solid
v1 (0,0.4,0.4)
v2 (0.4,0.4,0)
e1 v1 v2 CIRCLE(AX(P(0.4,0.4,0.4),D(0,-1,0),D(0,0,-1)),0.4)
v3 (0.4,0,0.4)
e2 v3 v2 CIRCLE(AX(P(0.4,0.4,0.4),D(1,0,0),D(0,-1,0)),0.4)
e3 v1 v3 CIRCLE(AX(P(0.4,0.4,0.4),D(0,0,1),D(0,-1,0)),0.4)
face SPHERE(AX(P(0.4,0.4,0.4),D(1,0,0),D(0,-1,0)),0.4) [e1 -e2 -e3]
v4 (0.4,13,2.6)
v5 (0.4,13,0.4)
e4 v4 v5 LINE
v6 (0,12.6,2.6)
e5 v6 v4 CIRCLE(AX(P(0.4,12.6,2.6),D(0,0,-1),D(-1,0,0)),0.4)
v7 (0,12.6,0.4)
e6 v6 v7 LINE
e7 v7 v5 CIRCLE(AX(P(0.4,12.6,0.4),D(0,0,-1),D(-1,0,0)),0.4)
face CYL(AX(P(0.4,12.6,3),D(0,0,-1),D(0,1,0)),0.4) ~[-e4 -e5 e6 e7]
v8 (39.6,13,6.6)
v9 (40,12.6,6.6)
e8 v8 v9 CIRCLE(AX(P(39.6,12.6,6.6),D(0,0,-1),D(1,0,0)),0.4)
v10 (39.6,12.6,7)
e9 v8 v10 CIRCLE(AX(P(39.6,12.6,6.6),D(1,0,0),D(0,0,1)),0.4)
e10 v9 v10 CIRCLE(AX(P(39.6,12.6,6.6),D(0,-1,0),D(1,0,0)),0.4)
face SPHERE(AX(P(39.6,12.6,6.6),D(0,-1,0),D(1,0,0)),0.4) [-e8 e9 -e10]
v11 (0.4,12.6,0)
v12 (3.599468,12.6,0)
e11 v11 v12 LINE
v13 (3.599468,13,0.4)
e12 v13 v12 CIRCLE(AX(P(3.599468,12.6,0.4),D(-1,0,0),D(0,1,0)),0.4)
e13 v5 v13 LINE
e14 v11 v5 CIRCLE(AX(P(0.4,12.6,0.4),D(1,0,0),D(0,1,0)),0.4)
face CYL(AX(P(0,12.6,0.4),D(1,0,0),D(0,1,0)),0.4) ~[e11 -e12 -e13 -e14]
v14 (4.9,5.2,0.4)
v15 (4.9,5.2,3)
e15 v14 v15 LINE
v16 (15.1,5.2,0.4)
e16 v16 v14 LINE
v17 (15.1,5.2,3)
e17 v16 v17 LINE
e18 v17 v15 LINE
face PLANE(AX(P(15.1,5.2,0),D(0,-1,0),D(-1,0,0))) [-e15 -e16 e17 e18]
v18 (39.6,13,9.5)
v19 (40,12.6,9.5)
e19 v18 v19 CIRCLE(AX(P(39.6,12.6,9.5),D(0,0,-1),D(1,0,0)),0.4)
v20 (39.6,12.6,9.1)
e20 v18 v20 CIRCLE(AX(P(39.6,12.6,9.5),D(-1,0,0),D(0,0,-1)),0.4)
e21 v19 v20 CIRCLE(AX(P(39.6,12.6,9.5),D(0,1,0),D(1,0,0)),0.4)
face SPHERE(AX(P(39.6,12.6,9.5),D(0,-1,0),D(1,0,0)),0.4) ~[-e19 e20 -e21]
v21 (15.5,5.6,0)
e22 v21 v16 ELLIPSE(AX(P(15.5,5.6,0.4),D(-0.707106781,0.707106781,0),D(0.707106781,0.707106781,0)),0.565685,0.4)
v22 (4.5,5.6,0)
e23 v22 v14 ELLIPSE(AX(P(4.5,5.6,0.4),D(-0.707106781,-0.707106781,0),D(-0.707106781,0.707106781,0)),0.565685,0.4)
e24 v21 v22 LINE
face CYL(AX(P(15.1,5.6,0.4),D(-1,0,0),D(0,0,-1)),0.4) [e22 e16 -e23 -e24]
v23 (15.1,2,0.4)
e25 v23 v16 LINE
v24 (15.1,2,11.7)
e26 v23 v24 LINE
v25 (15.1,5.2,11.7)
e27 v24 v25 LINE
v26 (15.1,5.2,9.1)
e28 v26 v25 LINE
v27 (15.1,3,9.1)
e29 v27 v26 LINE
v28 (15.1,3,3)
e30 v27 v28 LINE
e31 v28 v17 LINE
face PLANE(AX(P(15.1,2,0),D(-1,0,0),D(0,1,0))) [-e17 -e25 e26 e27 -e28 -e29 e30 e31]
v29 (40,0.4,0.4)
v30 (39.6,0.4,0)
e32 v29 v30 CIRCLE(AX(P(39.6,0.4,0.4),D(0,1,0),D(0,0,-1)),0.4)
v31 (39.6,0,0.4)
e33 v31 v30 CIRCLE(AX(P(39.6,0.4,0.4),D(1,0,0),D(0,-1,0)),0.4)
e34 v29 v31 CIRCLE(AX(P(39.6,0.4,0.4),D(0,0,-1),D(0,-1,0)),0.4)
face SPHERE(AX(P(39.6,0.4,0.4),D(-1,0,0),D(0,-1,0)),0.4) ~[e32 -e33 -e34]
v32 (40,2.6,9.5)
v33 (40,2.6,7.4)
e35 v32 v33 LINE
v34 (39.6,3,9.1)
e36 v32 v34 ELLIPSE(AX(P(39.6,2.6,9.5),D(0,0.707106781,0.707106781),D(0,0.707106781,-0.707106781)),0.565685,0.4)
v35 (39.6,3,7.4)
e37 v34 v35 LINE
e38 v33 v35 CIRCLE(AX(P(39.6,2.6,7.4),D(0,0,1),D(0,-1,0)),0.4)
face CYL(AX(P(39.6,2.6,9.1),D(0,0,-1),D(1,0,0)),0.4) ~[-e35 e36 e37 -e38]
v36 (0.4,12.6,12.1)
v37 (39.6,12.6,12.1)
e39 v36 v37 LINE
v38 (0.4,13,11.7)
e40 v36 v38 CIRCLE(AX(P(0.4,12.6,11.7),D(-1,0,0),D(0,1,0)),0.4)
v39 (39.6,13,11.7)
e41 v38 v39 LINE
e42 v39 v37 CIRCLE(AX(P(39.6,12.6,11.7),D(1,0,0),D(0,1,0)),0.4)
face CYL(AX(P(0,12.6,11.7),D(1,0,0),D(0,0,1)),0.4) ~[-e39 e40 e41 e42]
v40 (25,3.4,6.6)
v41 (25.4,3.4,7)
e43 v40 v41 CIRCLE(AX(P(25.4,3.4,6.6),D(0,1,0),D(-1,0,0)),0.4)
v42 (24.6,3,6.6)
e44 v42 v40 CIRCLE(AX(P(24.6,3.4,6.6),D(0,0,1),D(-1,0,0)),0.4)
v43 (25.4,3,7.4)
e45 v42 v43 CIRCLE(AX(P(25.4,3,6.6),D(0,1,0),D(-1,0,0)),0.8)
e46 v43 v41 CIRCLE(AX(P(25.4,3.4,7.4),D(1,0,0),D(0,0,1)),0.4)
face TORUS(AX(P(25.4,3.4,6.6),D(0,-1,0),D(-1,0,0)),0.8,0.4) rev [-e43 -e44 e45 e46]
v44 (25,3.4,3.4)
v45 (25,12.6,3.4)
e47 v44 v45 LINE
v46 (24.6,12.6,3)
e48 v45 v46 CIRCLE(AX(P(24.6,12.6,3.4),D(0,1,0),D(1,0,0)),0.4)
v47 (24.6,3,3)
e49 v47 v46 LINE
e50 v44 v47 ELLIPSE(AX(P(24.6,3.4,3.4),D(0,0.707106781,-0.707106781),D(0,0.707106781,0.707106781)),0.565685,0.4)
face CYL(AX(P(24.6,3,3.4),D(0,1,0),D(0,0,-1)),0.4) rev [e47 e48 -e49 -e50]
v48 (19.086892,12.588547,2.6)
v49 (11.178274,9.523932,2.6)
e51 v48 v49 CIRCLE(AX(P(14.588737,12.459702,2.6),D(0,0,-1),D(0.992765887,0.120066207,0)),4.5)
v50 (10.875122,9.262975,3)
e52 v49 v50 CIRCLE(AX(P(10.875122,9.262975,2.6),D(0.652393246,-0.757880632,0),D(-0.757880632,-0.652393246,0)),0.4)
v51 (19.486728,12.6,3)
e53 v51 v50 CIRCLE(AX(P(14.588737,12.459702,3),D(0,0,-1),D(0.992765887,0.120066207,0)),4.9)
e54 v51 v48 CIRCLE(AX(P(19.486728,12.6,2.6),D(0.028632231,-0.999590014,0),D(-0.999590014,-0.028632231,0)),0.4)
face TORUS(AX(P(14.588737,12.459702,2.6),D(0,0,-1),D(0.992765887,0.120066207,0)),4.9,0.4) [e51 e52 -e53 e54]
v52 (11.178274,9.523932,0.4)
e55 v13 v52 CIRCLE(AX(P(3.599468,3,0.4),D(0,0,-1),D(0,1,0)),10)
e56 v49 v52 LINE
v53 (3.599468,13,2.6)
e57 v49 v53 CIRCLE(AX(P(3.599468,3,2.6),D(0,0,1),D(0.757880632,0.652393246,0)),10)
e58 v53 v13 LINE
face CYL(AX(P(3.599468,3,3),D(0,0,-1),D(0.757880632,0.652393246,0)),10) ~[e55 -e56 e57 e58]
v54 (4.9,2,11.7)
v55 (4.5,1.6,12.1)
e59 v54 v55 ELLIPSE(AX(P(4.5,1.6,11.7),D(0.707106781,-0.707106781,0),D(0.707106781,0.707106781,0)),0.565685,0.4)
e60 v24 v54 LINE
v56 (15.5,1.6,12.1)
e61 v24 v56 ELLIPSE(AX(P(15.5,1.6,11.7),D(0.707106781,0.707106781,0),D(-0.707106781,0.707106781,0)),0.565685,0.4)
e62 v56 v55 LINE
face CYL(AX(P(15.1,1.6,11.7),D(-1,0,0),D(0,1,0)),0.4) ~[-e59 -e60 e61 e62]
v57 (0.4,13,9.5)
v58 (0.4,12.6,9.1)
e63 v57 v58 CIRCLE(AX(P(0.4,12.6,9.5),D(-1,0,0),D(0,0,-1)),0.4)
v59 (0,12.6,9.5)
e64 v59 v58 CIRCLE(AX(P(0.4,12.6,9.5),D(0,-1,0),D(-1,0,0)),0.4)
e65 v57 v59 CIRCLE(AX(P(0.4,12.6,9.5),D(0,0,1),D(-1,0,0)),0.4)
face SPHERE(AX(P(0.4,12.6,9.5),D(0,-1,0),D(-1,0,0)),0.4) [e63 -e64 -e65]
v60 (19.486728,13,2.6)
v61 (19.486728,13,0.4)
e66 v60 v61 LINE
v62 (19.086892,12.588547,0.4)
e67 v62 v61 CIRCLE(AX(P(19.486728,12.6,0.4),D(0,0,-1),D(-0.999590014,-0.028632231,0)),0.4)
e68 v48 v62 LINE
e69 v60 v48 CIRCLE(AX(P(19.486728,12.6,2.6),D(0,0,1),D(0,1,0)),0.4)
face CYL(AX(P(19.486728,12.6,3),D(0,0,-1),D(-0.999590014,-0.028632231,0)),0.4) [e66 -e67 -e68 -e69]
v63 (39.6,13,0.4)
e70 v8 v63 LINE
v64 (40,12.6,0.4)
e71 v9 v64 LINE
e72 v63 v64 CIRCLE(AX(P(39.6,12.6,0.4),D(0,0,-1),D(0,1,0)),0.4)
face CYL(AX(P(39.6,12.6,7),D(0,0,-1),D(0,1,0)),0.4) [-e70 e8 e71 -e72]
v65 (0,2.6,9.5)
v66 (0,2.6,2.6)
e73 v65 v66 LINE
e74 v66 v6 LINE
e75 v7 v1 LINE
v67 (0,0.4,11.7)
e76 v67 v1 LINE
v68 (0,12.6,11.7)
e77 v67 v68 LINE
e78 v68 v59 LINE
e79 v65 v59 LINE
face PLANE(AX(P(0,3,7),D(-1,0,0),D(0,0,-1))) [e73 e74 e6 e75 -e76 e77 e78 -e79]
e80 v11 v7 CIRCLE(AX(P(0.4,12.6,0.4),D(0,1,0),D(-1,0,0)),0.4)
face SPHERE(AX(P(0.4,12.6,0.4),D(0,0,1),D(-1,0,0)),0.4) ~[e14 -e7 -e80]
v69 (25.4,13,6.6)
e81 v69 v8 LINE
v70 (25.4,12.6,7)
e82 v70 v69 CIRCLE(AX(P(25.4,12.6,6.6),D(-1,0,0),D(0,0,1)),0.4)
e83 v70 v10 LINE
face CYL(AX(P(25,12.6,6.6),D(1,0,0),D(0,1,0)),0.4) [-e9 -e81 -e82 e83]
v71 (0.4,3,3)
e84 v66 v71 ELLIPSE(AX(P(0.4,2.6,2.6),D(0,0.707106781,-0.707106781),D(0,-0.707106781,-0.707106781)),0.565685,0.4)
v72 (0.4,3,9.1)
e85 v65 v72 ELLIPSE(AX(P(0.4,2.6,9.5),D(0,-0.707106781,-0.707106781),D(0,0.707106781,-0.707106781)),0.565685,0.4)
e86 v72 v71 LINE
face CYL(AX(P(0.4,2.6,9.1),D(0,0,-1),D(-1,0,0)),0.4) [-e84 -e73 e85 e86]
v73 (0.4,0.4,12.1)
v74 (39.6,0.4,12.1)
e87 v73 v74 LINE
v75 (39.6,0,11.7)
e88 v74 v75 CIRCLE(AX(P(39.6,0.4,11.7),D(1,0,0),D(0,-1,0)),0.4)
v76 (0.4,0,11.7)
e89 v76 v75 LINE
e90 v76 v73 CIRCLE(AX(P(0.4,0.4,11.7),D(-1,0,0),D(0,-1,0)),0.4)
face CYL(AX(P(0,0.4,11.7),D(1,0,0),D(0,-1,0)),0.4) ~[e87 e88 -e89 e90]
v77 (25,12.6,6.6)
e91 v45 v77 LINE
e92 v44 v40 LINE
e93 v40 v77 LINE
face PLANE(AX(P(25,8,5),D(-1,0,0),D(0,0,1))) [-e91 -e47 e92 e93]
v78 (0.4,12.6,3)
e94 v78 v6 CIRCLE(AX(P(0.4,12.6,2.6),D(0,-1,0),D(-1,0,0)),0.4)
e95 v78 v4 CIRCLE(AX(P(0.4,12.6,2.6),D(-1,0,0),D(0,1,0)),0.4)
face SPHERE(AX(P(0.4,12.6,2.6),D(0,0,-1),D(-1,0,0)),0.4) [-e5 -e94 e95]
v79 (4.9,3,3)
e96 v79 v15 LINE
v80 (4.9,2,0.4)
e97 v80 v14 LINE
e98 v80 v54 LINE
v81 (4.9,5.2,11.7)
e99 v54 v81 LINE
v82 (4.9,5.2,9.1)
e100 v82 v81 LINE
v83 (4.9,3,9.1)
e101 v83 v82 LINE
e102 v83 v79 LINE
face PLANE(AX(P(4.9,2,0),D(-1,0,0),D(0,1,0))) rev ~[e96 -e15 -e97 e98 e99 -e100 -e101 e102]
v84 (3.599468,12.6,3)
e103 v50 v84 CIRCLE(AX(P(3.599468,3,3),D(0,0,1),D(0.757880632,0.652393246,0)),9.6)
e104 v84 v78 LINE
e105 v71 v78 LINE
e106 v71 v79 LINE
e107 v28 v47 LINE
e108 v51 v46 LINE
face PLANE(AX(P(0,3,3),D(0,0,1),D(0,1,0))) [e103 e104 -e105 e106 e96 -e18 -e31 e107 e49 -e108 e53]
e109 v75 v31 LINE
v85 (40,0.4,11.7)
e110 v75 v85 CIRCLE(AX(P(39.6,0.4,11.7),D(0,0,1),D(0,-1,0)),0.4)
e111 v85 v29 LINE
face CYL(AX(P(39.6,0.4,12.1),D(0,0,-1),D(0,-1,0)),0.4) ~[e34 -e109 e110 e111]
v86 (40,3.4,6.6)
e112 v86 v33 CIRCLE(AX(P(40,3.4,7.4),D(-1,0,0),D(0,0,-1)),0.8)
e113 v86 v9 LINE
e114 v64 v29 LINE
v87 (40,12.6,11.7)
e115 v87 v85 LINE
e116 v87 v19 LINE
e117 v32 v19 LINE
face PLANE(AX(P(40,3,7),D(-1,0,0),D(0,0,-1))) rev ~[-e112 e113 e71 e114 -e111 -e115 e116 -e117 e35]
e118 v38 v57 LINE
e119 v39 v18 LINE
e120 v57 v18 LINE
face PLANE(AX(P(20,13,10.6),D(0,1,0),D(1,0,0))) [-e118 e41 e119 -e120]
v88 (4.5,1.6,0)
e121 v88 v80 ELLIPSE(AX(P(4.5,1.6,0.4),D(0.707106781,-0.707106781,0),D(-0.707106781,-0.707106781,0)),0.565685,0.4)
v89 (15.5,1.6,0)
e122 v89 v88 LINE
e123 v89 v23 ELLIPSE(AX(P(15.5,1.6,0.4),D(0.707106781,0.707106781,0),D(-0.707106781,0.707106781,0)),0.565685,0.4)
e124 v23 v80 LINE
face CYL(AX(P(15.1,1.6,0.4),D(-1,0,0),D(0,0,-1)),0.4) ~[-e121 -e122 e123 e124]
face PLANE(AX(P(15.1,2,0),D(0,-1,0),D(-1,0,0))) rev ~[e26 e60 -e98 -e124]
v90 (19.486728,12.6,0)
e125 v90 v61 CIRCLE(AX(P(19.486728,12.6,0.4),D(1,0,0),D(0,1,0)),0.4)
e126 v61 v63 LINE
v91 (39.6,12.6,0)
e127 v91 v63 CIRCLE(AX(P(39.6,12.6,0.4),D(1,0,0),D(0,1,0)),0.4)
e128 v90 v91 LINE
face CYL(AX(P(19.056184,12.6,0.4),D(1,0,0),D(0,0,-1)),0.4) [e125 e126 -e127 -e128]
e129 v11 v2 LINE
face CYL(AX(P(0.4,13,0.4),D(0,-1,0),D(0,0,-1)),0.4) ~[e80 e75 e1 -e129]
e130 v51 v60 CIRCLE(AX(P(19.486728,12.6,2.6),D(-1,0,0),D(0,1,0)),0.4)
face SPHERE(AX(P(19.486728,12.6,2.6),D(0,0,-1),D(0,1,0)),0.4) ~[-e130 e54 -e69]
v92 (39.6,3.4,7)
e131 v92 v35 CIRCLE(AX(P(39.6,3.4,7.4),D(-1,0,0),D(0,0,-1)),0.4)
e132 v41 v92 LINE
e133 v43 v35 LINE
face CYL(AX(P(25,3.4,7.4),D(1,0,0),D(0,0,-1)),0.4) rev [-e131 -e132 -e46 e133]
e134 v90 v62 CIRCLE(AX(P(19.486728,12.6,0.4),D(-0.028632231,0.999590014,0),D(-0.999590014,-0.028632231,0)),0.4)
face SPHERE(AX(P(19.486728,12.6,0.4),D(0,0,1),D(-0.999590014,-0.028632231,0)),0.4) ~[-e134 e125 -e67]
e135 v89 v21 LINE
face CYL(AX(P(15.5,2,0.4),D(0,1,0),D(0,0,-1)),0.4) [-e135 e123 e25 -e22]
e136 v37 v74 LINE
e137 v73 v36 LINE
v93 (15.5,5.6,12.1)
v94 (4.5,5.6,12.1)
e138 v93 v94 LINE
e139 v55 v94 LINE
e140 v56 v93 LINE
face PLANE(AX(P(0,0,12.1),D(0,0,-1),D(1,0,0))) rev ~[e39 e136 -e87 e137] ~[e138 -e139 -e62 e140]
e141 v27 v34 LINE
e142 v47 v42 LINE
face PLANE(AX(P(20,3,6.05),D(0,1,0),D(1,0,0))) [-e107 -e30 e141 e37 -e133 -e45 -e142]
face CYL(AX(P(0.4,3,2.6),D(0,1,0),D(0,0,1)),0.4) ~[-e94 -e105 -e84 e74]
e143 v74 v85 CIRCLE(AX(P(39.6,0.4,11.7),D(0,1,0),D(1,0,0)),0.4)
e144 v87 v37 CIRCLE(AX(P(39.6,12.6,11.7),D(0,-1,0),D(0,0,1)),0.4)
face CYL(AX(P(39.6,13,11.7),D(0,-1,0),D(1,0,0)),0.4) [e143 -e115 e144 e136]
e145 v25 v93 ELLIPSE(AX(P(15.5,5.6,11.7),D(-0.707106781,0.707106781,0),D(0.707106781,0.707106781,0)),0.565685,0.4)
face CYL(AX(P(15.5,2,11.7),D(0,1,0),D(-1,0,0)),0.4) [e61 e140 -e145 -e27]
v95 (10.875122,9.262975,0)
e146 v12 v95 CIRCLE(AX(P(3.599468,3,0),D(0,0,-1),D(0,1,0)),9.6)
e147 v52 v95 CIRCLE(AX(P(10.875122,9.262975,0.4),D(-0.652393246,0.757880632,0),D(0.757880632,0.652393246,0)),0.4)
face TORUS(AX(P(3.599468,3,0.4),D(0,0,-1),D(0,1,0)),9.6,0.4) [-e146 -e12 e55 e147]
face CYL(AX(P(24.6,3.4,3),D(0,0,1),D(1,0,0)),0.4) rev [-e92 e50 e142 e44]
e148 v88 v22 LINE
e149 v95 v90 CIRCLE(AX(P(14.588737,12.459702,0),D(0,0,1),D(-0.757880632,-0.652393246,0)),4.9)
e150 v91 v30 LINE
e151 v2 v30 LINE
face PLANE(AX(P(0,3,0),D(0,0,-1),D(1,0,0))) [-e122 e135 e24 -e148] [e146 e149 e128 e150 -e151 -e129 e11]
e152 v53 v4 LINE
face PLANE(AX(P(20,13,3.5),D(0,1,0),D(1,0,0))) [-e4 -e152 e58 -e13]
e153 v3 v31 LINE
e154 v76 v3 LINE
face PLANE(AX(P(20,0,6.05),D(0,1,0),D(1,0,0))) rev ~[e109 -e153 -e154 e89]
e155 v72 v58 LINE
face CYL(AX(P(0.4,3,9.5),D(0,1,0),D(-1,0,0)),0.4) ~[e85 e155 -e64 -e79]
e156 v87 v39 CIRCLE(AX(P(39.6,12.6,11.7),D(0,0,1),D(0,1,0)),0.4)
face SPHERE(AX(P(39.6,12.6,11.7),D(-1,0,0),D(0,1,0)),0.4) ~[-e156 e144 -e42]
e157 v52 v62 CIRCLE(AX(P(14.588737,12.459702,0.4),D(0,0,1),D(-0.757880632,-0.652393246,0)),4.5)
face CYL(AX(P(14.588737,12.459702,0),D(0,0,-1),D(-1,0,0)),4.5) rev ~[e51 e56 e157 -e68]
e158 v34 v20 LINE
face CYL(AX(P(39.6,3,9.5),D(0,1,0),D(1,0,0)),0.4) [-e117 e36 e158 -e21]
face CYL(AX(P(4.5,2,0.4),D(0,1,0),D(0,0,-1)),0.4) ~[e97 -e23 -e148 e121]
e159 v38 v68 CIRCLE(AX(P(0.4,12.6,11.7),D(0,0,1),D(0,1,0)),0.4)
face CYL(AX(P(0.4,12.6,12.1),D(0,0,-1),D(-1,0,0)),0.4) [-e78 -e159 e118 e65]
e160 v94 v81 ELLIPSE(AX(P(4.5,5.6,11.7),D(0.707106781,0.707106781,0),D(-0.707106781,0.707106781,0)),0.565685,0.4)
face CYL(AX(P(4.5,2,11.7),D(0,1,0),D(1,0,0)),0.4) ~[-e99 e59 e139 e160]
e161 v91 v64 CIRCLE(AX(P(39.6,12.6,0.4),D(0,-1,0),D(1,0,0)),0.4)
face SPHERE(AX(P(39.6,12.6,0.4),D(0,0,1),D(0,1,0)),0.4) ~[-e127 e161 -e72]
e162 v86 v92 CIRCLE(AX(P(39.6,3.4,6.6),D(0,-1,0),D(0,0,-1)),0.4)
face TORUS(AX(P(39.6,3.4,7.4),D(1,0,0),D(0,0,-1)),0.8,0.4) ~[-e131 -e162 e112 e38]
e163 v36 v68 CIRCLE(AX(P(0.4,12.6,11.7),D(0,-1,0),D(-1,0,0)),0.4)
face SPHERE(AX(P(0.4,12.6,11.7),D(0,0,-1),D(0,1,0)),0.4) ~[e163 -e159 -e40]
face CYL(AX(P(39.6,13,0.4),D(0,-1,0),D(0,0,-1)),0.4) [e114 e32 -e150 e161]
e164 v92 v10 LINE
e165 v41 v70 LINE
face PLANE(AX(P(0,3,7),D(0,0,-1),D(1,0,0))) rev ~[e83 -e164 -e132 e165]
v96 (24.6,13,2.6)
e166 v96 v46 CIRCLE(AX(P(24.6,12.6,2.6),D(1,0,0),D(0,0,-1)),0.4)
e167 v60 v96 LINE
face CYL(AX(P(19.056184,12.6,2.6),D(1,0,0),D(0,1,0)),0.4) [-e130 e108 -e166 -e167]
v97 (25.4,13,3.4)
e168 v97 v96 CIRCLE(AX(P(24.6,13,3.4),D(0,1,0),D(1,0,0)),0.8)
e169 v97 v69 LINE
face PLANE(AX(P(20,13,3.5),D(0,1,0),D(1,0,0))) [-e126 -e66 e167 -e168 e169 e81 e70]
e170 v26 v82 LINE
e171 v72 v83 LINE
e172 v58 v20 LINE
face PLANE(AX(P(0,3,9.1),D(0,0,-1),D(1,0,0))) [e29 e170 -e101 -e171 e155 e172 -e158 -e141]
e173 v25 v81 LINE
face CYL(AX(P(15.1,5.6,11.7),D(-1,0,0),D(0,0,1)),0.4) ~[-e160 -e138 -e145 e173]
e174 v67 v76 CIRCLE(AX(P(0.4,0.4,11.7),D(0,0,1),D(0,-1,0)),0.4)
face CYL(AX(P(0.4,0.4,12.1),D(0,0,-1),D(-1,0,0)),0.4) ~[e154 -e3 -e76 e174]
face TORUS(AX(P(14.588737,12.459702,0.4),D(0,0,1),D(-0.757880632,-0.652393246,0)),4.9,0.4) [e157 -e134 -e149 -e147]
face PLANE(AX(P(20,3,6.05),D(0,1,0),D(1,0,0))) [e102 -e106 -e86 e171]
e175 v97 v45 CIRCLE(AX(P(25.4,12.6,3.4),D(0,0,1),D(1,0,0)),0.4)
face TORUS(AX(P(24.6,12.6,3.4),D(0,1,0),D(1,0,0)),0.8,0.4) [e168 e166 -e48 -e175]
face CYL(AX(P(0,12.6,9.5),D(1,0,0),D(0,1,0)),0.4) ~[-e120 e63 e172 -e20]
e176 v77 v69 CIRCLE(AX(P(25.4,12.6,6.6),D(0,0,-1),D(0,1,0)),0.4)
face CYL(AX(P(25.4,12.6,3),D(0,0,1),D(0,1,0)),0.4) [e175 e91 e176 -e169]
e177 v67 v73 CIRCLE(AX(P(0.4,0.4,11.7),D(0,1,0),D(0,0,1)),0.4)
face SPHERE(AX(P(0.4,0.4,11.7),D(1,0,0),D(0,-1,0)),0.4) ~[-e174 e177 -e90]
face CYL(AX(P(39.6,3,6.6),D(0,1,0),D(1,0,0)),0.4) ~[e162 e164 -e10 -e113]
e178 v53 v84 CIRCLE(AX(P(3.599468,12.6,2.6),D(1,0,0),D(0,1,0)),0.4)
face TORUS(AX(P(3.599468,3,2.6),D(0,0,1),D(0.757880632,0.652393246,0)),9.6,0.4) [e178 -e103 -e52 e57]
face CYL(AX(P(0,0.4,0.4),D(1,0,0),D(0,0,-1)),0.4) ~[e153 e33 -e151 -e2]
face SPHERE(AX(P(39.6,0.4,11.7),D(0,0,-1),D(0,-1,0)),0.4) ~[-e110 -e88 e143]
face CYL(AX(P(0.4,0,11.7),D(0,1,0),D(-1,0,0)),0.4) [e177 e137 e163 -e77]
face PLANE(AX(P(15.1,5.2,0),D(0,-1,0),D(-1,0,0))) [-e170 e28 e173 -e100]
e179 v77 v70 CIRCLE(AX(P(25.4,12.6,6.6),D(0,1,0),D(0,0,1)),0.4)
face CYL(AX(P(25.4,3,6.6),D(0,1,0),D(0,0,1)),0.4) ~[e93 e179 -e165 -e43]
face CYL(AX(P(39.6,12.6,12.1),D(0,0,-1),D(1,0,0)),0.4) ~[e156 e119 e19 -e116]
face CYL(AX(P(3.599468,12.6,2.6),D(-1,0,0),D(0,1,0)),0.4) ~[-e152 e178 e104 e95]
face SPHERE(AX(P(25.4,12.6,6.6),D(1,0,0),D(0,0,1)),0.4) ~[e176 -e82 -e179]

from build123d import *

# Parameters (mm, degrees)
SKETCH1_W           = 40
SKETCH1_H           = 12.1
BOSS_EXTRUDE1_DEPTH = 3
SKETCH2_W           = 40
SKETCH2_H           = 7
SKETCH2_H_2         = 3
BOSS_EXTRUDE2_DEPTH = 10
SKETCH3_W           = 10.2
SKETCH3_H           = 3.2
CUT_EXTRUDE1_DEPTH  = 44.765397291
SKETCH5_W           = 4
SKETCH5_H           = 10
CUT_EXTRUDE3_DEPTH  = 25
SKETCH6_R           = 4.5
CUT_EXTRUDE4_DEPTH  = 3
FILLET3_R           = 10
FILLET1_R           = 0.4


with BuildPart() as part:
    # Sketch1 → Boss-Extrude1 (new body)
    with BuildSketch(Plane(origin=(0, 0, 0), x_dir=(1, 0, 0), z_dir=(0, 1, 0))):
        with Locations((20, -6.05)):
            Rectangle(SKETCH1_W, SKETCH1_H)
    extrude(amount=BOSS_EXTRUDE1_DEPTH)

    # Sketch2 → Boss-Extrude2 (add)
    with BuildSketch(Plane(origin=(0, 3, 0), x_dir=(1, 0, 0), z_dir=(0, 1, 0))):
        with Locations((20, -3.5)):
            Rectangle(SKETCH2_W, SKETCH2_H)
        with Locations((20, -10.6)):
            Rectangle(SKETCH2_W, SKETCH2_H_2)
    extrude(amount=BOSS_EXTRUDE2_DEPTH)

    # Sketch3 → Cut-Extrude1 (cut, through all)
    with BuildSketch(Plane(origin=(0, 0, 0), x_dir=(-1, 0, 0), z_dir=(0, 0, -1))):
        with Locations((-10, 3.6)):
            Rectangle(SKETCH3_W, SKETCH3_H)
    extrude(amount=-CUT_EXTRUDE1_DEPTH, mode=Mode.SUBTRACT)

    # Sketch5 → Cut-Extrude3 (cut)
    with BuildSketch(Plane.ZY):
        with Locations((5, 8)):
            Rectangle(SKETCH5_W, SKETCH5_H)
    extrude(amount=-CUT_EXTRUDE3_DEPTH, mode=Mode.SUBTRACT)

    # Sketch6 → Cut-Extrude4 (cut)
    with BuildSketch(Plane(origin=(0, 0, 0), x_dir=(-1, 0, 0), z_dir=(0, 0, -1))):
        with Locations((-14.588737144, 12.45970207)):
            Circle(SKETCH6_R)
    extrude(amount=-CUT_EXTRUDE4_DEPTH, mode=Mode.SUBTRACT)

    # Fillet3
    fillet3_edges = [part.edges().sort_by_distance(p)[0] for p in [
        (10.121290653, 13, 1.5),
    ]]
    fillet(fillet3_edges, radius=FILLET3_R)

    # Fillet1
    fillet1_edges = [part.edges().sort_by_distance(p)[0] for p in [
        (0, 3, 6.05),
        (40, 8, 7),
        (0, 13, 1.5),
        (40, 13, 3.5),
        (29.528091817, 13, 0),
        (40, 3, 8.05),
        (0, 8, 9.1),
        (40, 8, 9.1),
        (0, 13, 10.6),
        (20, 13, 12.1),
        (40, 13, 10.6),
        (20, 13, 9.1),
        (15.1, 3.6, 12.1),
        (10, 5.2, 12.1),
        (4.9, 3.6, 12.1),
        (10, 2, 12.1),
        (15.1, 3.6, 0),
        (10, 2, 0),
        (4.9, 3.6, 0),
        (20, 0, 0),
        (10, 5.2, 0),
        (40, 0, 6.05),
        (20, 0, 12.1),
        (0, 0, 6.05),
        (32.5, 13, 7),
        (32.5, 3, 7),
        (25, 8, 7),
        (25, 3, 5),
        (25, 8, 3),
        (25, 13, 5),
        (22.028091817, 13, 3),
        (0, 8, 3),
        (0, 6.5, 0),
        (40, 6.5, 0),
        (40, 6.5, 12.1),
        (0, 6.5, 12.1),
        (16.405345244, 8.342672193, 3),
        (19.056183635, 13, 1.5),
        (16.405345244, 8.342672193, 0),
        (1.79973399, 13, 3),
        (7.768441198, 12.089535869, 3),
        (1.79973399, 13, 0),
        (7.768441198, 12.089535869, 0),
    ]]
    fillet(fillet1_edges, radius=FILLET1_R)


solid = part.part
